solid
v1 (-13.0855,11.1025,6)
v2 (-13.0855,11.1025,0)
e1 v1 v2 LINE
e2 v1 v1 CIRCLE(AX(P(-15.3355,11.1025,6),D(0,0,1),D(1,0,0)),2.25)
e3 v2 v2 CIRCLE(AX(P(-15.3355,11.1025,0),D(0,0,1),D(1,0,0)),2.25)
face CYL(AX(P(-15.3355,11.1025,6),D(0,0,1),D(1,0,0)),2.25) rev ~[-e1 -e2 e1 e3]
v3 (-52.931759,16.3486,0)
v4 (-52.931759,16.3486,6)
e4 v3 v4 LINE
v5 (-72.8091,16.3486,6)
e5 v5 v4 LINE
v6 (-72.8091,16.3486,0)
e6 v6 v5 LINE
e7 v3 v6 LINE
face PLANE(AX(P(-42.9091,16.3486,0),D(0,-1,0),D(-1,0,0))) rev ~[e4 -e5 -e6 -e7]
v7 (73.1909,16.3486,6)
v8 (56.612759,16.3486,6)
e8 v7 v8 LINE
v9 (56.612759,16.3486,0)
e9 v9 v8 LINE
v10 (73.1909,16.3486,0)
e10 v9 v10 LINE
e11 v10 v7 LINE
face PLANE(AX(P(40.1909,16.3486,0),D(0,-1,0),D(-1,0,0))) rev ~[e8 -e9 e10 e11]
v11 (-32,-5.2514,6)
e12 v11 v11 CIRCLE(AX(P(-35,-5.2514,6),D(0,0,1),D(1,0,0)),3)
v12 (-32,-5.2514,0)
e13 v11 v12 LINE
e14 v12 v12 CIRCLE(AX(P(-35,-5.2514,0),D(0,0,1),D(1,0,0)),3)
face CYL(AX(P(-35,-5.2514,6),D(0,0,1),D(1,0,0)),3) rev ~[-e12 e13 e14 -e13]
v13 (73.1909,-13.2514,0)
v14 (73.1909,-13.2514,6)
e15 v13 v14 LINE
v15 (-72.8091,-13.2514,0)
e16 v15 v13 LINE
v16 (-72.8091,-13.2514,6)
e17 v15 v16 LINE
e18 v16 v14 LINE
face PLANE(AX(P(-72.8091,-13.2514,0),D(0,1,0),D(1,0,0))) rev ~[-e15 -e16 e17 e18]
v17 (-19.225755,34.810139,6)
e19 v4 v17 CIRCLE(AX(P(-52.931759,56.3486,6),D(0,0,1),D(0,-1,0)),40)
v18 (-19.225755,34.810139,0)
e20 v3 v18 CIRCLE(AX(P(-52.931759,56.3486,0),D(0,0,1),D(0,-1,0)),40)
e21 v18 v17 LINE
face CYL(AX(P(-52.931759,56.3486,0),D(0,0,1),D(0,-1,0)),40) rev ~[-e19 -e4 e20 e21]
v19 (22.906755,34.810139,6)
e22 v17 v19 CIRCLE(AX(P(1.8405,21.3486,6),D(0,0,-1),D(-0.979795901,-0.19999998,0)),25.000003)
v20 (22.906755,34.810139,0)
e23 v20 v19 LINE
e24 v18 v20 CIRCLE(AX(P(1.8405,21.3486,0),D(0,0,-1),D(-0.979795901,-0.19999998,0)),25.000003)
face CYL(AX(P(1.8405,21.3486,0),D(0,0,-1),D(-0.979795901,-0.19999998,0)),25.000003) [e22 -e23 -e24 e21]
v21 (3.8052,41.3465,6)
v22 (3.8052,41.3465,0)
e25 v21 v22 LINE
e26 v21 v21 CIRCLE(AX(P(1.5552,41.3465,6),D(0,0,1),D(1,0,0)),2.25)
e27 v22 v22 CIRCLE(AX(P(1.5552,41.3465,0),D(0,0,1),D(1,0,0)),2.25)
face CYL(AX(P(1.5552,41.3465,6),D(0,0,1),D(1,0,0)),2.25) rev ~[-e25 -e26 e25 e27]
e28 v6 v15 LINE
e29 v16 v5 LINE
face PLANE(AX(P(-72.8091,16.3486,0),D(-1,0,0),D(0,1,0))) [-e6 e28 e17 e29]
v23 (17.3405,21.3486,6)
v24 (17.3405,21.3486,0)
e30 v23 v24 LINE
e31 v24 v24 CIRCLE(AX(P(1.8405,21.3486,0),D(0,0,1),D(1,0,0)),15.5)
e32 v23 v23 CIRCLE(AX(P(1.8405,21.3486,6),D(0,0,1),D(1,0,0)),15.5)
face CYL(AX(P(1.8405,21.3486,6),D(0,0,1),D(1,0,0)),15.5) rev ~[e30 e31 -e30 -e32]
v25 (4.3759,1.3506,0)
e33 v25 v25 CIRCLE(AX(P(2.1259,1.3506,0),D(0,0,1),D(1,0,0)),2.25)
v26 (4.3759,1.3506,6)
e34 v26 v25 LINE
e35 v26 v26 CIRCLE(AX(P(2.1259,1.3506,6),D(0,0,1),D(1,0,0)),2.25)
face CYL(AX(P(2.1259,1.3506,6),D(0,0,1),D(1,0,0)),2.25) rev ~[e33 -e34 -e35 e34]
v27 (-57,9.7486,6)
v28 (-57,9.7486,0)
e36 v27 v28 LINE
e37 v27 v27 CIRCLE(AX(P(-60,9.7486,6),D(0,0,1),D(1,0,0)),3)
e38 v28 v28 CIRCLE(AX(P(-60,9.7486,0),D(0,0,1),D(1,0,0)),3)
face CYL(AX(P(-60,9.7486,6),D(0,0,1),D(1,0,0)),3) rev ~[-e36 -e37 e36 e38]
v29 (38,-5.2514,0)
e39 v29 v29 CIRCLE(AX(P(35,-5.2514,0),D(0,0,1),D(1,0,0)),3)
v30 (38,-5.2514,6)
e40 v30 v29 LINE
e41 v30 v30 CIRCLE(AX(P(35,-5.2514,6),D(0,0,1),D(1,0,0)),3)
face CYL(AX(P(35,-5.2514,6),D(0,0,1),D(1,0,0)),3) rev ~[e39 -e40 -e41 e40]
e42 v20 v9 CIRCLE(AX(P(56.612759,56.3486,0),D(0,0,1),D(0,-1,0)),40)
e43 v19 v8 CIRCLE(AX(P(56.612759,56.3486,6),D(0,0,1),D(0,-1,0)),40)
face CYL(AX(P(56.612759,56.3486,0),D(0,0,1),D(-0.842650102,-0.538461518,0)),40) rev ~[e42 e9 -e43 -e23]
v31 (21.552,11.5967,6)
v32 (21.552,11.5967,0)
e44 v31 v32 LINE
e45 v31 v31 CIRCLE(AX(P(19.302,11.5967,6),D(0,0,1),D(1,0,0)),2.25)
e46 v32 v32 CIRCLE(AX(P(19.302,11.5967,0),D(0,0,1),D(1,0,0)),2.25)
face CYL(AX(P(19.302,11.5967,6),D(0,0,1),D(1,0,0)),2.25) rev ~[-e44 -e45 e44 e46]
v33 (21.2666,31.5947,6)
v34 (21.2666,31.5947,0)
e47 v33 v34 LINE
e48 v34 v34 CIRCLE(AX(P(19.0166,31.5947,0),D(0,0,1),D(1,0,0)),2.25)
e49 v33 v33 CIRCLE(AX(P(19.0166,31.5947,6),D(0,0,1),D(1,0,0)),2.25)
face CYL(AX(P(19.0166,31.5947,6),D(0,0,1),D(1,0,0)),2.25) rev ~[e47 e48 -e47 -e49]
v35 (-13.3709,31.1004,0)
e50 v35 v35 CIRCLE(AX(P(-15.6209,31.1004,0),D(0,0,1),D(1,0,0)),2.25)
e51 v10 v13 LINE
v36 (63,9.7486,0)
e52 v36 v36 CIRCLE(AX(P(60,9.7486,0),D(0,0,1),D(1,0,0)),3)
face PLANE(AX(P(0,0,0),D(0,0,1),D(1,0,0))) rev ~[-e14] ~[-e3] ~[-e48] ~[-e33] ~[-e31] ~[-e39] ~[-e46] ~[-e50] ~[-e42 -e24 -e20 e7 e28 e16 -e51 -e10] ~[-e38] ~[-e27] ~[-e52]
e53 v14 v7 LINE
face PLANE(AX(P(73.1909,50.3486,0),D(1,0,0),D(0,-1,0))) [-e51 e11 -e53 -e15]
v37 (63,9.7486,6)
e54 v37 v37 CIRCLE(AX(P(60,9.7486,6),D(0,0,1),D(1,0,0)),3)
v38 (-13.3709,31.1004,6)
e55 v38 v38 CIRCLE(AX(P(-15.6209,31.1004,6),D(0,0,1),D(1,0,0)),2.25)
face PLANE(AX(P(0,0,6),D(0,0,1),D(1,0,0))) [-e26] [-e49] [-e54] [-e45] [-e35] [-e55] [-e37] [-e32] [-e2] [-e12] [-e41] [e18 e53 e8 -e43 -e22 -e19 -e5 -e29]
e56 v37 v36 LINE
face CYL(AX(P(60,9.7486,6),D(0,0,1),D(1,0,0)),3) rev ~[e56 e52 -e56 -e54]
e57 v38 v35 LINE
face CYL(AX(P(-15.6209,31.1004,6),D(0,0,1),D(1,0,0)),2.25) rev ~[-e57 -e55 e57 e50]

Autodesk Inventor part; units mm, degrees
ref_plane "YZ Plane" through (0, 0, 0) normal (1, 0, 0) x (0, 1, 0)
ref_plane "XZ Plane" through (0, 0, 0) normal (0, 1, 0) x (-1, 0, 0)
ref_plane "XY Plane" through (0, 0, 0) normal (0, 0, 1) x (1, 0, 0)
sketch "Sketch1" plane through (0, 0, 0) normal (0, 0, 1) x (1, 0, 0)
  line L0 (-72.8091, 16.3486) -> (-72.8091, -13.2514) projected
  line L1 (-72.8091, -13.2514) -> (73.1909, -13.2514) projected
  line L2 (73.1909, -13.2514) -> (73.1909, 16.3486) projected
  line L3 (-72.8091, 16.3486) -> (-72.8091, 50.3486)
  line L4 (-72.8091, 50.3486) -> (73.1909, 50.3486)
  line L5 (73.1909, 50.3486) -> (73.1909, 16.3486)
  point P0 (0, 0)
  dimension "d0" = 34
extrude "Extrusion1" add sketch "Sketch1" along normal blind 6
sketch "Sketch2" plane through (0, 0, 6) normal (0, 0, 1) x (1, 0, 0)
  circle A0 centre (35, -5.2514) radius 3
  circle A1 centre (60, 9.7486) radius 3
  line L0 (0, 0) -> (0, 8.3537) construction
  circle A2 centre (-35, -5.2514) radius 3
  circle A3 centre (-60, 9.7486) radius 3
  line L1 (-72.8091, -13.2514) -> (73.1909, -13.2514) projected
  dimension "d3" = 6
  dimension "d4" = 6
  dimension "d6" = 15
  dimension "d7" = 60
  dimension "d10" = 8
  dimension "d11" = 35
extrude "Extrusion2" cut sketch "Sketch2" against normal through all
sketch "Sketch3" plane through (0, 0, 6) normal (0, 0, 1) x (1, 0, 0)
  circle A0 centre (2.1259, 1.3506) radius 2.25
  circle A1 centre (-15.3355, 11.1025) radius 2.25
  circle A2 centre (-15.6209, 31.1004) radius 2.25
  circle A3 centre (1.5552, 41.3465) radius 2.25
  circle A4 centre (19.0166, 31.5947) radius 2.25
  circle A5 centre (19.302, 11.5967) radius 2.25
  circle A6 centre (1.8405, 21.3486) radius 15 construction
  circle A7 centre (1.8405, 21.3486) radius 15.5
  point P0 (0, 0)
extrude "Extrusion3" cut sketch "Sketch3" against normal through all
sketch "Sketch5" plane through (0, 0, 0) normal (0, 0, -1) x (-1, 0, 0)
  line L0 (-73.1909, 16.3486) -> (-40.1909, 16.3486) projected
  line L1 (42.9091, 16.3486) -> (72.8091, 16.3486) projected
  circle A0 centre (-1.8405, 21.3486) radius 25 construction
  line L2 (-40.1909, 16.3486) -> (-26.3354, 16.3486)
  line L3 (42.9091, 16.3486) -> (22.6544, 16.3486)
  arc A1 (22.6544, 16.3486) -> (-26.3354, 16.3486) centre (-1.8405, 21.3486) ccw
  line L4 (-73.1909, 50.3486) -> (72.8091, 50.3486) projected
  line L5 (-73.1909, 50.3486) -> (72.8091, 50.3486) projected
  line L6 (72.8091, 16.3486) -> (72.8091, 50.3486)
  line L7 (-73.1909, 50.3486) -> (-73.1909, 16.3486)
  line L8 (-73.1909, -13.2514) -> (-73.1909, 50.3486) projected
  point P0 (0, 0)
extrude "Extrusion4" cut sketch "Sketch5" against normal through all
fillet "Fillet2" radius 40 2 edges at (-22.6544, 16.3486, 3) (26.3354, 16.3486, 3)
properties part number "x axis nut support"
